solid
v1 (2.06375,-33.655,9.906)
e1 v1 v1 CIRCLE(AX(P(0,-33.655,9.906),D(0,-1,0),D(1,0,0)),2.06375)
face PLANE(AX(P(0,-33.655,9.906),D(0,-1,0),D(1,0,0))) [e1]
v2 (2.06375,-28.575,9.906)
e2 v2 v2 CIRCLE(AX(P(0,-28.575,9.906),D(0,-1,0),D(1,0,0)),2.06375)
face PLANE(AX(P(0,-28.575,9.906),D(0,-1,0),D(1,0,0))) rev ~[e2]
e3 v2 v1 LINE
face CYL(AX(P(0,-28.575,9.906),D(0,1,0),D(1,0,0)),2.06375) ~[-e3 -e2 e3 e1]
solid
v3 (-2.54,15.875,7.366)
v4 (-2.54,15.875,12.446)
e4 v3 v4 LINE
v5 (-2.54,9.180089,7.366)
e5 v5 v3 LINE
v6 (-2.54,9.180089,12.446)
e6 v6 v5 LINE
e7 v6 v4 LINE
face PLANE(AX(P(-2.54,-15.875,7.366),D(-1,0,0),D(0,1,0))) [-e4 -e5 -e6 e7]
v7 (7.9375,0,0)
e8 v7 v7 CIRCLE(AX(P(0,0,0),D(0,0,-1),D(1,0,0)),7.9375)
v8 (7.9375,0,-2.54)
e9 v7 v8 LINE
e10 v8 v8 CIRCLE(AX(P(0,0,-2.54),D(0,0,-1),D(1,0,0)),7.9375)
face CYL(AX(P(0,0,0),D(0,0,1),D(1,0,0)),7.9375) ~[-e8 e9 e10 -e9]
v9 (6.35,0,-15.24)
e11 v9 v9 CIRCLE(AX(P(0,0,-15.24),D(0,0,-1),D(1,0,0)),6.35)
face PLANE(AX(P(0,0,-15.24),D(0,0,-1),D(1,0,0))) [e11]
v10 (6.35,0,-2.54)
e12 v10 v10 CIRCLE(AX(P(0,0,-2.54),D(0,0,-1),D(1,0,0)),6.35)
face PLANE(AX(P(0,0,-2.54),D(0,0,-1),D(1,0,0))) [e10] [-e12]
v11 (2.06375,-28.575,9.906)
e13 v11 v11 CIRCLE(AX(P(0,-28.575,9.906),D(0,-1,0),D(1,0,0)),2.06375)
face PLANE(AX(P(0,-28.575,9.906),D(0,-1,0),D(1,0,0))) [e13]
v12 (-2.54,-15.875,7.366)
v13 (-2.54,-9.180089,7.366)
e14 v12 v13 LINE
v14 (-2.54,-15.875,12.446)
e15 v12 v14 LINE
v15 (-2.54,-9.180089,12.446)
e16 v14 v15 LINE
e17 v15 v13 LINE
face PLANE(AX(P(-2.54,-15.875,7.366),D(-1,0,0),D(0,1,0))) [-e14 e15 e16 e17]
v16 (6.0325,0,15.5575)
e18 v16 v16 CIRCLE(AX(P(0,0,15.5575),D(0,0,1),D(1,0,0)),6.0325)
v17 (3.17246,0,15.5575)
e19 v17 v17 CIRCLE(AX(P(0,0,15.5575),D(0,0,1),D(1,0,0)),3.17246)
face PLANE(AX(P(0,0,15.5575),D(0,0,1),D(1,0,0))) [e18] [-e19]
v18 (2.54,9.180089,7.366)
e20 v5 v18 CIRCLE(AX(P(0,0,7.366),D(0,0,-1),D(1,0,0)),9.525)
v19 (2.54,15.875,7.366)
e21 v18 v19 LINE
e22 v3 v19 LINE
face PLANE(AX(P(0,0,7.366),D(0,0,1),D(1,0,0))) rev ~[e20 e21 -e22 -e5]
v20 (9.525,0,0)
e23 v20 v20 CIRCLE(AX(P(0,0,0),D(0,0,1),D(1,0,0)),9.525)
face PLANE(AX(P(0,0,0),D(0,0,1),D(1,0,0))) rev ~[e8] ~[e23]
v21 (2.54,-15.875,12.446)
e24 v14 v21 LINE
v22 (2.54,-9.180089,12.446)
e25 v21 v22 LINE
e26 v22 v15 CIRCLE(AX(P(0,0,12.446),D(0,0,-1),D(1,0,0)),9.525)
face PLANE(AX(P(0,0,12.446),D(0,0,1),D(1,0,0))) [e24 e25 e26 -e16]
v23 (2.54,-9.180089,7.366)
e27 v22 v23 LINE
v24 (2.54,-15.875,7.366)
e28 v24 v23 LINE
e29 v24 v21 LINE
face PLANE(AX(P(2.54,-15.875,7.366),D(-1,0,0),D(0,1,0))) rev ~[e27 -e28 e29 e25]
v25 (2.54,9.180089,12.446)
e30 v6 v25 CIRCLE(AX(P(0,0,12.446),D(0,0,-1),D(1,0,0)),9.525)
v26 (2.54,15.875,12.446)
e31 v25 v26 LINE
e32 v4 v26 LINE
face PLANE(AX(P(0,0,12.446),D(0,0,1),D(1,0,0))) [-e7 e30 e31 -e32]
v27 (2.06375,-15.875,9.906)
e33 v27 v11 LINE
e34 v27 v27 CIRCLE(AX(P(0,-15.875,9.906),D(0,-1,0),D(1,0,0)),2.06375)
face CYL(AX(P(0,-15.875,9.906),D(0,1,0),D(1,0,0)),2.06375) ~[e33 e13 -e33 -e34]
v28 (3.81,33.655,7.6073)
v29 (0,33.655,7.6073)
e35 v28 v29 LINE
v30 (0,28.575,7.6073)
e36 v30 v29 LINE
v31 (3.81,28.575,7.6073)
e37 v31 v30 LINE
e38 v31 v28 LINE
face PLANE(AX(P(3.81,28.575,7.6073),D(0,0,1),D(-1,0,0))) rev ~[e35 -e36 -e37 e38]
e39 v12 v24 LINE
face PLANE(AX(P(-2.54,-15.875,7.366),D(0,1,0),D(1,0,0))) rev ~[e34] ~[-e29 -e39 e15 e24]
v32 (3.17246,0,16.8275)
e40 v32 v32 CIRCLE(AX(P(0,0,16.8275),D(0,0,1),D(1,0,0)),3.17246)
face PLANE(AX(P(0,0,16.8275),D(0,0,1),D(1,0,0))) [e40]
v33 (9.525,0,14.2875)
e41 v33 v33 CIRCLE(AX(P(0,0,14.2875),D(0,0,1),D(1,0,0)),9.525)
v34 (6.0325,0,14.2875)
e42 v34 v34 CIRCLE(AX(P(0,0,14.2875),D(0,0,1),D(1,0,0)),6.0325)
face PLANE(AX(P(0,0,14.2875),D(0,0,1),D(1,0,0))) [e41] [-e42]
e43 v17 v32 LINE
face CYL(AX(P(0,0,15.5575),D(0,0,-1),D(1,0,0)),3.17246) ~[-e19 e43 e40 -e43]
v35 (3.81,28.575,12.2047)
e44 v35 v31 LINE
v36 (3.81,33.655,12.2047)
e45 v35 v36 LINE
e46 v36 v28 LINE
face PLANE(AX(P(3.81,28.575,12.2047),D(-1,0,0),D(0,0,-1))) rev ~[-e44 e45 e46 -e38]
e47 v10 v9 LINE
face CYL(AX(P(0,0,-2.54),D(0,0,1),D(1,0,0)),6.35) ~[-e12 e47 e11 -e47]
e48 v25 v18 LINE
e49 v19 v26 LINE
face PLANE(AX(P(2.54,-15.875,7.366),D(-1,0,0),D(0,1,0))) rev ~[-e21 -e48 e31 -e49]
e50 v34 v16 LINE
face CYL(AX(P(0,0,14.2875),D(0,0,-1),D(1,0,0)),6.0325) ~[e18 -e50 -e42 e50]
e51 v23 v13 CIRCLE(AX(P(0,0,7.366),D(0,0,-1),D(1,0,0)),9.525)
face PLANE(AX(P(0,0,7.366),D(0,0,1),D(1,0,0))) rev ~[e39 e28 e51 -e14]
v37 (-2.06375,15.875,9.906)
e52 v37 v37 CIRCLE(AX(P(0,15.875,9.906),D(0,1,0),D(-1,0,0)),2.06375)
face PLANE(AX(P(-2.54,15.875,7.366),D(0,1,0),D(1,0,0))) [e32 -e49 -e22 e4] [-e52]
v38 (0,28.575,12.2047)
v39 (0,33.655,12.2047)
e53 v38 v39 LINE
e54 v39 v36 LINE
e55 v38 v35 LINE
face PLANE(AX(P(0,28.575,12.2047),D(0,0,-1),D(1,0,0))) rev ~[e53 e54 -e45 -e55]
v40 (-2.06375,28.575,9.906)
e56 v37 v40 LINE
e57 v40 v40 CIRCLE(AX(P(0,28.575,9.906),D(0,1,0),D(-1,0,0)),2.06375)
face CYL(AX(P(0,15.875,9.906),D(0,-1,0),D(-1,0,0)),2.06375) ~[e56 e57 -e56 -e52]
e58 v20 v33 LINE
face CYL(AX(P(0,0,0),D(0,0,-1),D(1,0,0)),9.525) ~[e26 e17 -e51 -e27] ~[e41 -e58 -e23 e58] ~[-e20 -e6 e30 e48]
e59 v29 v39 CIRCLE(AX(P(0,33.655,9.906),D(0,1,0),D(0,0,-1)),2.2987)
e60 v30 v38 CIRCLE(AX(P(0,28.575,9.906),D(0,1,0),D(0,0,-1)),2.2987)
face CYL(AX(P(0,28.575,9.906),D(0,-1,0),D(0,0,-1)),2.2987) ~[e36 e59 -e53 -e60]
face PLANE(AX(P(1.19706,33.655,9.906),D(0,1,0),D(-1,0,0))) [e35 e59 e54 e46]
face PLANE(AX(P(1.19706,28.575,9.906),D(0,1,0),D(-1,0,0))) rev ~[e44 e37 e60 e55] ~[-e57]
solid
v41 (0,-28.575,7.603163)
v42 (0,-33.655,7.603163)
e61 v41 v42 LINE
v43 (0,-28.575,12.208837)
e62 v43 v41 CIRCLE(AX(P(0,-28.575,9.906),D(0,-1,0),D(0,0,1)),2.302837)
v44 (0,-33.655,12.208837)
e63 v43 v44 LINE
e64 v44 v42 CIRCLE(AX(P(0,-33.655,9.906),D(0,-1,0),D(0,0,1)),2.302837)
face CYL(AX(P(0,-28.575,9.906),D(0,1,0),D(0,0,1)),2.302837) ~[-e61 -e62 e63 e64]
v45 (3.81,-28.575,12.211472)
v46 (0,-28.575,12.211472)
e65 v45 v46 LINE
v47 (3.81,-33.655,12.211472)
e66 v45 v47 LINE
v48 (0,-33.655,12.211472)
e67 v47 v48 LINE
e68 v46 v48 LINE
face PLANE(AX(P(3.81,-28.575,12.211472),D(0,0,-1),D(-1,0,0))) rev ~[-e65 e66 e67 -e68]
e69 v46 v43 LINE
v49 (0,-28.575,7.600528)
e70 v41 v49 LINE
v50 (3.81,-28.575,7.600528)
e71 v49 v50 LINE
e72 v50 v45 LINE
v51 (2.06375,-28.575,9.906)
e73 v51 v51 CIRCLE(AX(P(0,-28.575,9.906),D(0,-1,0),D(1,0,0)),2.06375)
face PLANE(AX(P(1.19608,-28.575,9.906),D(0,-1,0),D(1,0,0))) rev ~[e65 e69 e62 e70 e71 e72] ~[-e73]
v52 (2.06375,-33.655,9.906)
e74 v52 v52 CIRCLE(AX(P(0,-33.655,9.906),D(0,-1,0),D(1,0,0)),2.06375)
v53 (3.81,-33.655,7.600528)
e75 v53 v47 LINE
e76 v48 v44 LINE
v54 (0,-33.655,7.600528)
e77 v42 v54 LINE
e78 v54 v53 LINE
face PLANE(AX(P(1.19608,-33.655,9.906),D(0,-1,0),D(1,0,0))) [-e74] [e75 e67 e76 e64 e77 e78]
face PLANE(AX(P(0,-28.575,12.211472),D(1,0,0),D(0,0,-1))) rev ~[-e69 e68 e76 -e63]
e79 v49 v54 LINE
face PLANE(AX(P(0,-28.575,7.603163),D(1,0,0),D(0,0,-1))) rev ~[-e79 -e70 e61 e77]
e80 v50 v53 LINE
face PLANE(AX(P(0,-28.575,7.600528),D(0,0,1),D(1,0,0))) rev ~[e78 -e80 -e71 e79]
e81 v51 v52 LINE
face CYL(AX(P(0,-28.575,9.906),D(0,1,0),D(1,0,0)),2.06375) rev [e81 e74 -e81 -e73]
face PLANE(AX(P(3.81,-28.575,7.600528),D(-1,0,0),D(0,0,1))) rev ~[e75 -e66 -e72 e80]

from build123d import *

# Parameters (mm, degrees)
F0_R      = 9.525
F1_DEPTH  = 14.2875
F2_R      = 6.0325
F3_DEPTH  = 1.27
F4_R      = 3.17246
F5_DEPTH  = 1.27
F7_W      = 5.08
F7_H      = 31.75
F8_DEPTH  = 5.08
F9_R      = 2.06375
F10_DEPTH = 12.7
F11_R     = 2.06375
F12_DEPTH = 5.08
F13_DEPTH = 5.08
F14_R     = 2.06375
F15_DEPTH = 12.7
F17_R     = 2.06375
F16_R     = 2.06375
F18_DEPTH = 5.08
F19_R     = 7.9375
F20_DEPTH = 2.54
F21_R     = 6.35
F22_DEPTH = 12.7


with BuildPart() as f1:
    # F0 (on Top) → F1 (new body)
    with BuildSketch(Plane.XY):
        Circle(F0_R)
    extrude(amount=F1_DEPTH)

    # F2 (on face) → F3 (join)
    with BuildSketch(Plane.XY.offset(14.2875)):
        Circle(F2_R)
    extrude(amount=F3_DEPTH)

    # F4 (on face) → F5 (join)
    with BuildSketch(Plane.XY.offset(15.5575)):
        Circle(F4_R)
    extrude(amount=F5_DEPTH)

    # F7 (on offset) → F8 (join)
    with BuildSketch(Plane.XY.offset(7.366)):
        Rectangle(F7_W, F7_H)
    extrude(amount=F8_DEPTH)

    # F9 (on face) → F10 (join)
    with BuildSketch(Plane.XZ.offset(15.875)):
        with Locations((0, 9.906)):
            Circle(F9_R)
    extrude(amount=F10_DEPTH)


with BuildPart() as f12:
    # F11 (on face) → F12 (new body)
    with BuildSketch(Plane.XZ.offset(28.575)):
        with BuildLine():
            Line((3.81, 12.2114717778), (0, 12.2114717778))
            Line((0, 12.2114717778), (0, 12.208837398))
            ThreePointArc((0, 12.208837398), (-2.302837398, 9.906), (0, 7.603162602))
            Line((0, 7.603162602), (0, 7.6005282222))
            Line((0, 7.6005282222), (3.81, 7.6005282222))
            Line((3.81, 7.6005282222), (3.81, 12.2114717778))
        make_face()
        with Locations((0, 9.906)):
            Circle(F11_R, mode=Mode.SUBTRACT)
    extrude(amount=F12_DEPTH)


with BuildPart() as f13:
    # F13 (new): a face of the model
    f13_faces = [f1.part.faces().sort_by_distance(p)[0] for p in [
        (0, -28.575, 9.906),
    ]]
    extrude(f13_faces, amount=F13_DEPTH)


with BuildPart() as f1_1:
    add(f1.part)

    # F14 (on face) → F15 (join)
    with BuildSketch(Plane(origin=(0, 15.875, 0), x_dir=(-1, 0, 0), z_dir=(0, 1, 0))):
        with Locations((0, 9.906)):
            Circle(F14_R)
    extrude(amount=F15_DEPTH)

    # F17 (on face) + F16 (on face) → F18 (join)
    with BuildSketch(Plane(origin=(0, 28.575, 0), x_dir=(-1, 0, 0), z_dir=(0, 1, 0))):
        with BuildLine():
            Line((-3.81, 7.6073), (0, 7.6073))
            ThreePointArc((0, 7.6073), (2.2987, 9.906), (0, 12.2047))
            Line((0, 12.2047), (-3.81, 12.2047))
            Line((-3.81, 12.2047), (-3.81, 7.6073))
        make_face()
        with Locations((0, 9.906)):
            Circle(F17_R, mode=Mode.SUBTRACT)
    with BuildSketch(Plane(origin=(0, 28.575, 0), x_dir=(-1, 0, 0), z_dir=(0, 1, 0))):
        with Locations((0, 9.906)):
            Circle(F16_R)
    extrude(amount=F18_DEPTH)

    # F19 (on face) → F20 (join)
    with BuildSketch(Plane(origin=(0, 0, 0), x_dir=(1, 0, 0), z_dir=(0, 0, -1))):
        Circle(F19_R)
    extrude(amount=F20_DEPTH)

    # F21 (on face) → F22 (join)
    with BuildSketch(Plane(origin=(0, 0, -2.54), x_dir=(1, 0, 0), z_dir=(0, 0, -1))):
        Circle(F21_R)
    extrude(amount=F22_DEPTH)


solid = Compound([f12.part, f13.part, f1_1.part])
